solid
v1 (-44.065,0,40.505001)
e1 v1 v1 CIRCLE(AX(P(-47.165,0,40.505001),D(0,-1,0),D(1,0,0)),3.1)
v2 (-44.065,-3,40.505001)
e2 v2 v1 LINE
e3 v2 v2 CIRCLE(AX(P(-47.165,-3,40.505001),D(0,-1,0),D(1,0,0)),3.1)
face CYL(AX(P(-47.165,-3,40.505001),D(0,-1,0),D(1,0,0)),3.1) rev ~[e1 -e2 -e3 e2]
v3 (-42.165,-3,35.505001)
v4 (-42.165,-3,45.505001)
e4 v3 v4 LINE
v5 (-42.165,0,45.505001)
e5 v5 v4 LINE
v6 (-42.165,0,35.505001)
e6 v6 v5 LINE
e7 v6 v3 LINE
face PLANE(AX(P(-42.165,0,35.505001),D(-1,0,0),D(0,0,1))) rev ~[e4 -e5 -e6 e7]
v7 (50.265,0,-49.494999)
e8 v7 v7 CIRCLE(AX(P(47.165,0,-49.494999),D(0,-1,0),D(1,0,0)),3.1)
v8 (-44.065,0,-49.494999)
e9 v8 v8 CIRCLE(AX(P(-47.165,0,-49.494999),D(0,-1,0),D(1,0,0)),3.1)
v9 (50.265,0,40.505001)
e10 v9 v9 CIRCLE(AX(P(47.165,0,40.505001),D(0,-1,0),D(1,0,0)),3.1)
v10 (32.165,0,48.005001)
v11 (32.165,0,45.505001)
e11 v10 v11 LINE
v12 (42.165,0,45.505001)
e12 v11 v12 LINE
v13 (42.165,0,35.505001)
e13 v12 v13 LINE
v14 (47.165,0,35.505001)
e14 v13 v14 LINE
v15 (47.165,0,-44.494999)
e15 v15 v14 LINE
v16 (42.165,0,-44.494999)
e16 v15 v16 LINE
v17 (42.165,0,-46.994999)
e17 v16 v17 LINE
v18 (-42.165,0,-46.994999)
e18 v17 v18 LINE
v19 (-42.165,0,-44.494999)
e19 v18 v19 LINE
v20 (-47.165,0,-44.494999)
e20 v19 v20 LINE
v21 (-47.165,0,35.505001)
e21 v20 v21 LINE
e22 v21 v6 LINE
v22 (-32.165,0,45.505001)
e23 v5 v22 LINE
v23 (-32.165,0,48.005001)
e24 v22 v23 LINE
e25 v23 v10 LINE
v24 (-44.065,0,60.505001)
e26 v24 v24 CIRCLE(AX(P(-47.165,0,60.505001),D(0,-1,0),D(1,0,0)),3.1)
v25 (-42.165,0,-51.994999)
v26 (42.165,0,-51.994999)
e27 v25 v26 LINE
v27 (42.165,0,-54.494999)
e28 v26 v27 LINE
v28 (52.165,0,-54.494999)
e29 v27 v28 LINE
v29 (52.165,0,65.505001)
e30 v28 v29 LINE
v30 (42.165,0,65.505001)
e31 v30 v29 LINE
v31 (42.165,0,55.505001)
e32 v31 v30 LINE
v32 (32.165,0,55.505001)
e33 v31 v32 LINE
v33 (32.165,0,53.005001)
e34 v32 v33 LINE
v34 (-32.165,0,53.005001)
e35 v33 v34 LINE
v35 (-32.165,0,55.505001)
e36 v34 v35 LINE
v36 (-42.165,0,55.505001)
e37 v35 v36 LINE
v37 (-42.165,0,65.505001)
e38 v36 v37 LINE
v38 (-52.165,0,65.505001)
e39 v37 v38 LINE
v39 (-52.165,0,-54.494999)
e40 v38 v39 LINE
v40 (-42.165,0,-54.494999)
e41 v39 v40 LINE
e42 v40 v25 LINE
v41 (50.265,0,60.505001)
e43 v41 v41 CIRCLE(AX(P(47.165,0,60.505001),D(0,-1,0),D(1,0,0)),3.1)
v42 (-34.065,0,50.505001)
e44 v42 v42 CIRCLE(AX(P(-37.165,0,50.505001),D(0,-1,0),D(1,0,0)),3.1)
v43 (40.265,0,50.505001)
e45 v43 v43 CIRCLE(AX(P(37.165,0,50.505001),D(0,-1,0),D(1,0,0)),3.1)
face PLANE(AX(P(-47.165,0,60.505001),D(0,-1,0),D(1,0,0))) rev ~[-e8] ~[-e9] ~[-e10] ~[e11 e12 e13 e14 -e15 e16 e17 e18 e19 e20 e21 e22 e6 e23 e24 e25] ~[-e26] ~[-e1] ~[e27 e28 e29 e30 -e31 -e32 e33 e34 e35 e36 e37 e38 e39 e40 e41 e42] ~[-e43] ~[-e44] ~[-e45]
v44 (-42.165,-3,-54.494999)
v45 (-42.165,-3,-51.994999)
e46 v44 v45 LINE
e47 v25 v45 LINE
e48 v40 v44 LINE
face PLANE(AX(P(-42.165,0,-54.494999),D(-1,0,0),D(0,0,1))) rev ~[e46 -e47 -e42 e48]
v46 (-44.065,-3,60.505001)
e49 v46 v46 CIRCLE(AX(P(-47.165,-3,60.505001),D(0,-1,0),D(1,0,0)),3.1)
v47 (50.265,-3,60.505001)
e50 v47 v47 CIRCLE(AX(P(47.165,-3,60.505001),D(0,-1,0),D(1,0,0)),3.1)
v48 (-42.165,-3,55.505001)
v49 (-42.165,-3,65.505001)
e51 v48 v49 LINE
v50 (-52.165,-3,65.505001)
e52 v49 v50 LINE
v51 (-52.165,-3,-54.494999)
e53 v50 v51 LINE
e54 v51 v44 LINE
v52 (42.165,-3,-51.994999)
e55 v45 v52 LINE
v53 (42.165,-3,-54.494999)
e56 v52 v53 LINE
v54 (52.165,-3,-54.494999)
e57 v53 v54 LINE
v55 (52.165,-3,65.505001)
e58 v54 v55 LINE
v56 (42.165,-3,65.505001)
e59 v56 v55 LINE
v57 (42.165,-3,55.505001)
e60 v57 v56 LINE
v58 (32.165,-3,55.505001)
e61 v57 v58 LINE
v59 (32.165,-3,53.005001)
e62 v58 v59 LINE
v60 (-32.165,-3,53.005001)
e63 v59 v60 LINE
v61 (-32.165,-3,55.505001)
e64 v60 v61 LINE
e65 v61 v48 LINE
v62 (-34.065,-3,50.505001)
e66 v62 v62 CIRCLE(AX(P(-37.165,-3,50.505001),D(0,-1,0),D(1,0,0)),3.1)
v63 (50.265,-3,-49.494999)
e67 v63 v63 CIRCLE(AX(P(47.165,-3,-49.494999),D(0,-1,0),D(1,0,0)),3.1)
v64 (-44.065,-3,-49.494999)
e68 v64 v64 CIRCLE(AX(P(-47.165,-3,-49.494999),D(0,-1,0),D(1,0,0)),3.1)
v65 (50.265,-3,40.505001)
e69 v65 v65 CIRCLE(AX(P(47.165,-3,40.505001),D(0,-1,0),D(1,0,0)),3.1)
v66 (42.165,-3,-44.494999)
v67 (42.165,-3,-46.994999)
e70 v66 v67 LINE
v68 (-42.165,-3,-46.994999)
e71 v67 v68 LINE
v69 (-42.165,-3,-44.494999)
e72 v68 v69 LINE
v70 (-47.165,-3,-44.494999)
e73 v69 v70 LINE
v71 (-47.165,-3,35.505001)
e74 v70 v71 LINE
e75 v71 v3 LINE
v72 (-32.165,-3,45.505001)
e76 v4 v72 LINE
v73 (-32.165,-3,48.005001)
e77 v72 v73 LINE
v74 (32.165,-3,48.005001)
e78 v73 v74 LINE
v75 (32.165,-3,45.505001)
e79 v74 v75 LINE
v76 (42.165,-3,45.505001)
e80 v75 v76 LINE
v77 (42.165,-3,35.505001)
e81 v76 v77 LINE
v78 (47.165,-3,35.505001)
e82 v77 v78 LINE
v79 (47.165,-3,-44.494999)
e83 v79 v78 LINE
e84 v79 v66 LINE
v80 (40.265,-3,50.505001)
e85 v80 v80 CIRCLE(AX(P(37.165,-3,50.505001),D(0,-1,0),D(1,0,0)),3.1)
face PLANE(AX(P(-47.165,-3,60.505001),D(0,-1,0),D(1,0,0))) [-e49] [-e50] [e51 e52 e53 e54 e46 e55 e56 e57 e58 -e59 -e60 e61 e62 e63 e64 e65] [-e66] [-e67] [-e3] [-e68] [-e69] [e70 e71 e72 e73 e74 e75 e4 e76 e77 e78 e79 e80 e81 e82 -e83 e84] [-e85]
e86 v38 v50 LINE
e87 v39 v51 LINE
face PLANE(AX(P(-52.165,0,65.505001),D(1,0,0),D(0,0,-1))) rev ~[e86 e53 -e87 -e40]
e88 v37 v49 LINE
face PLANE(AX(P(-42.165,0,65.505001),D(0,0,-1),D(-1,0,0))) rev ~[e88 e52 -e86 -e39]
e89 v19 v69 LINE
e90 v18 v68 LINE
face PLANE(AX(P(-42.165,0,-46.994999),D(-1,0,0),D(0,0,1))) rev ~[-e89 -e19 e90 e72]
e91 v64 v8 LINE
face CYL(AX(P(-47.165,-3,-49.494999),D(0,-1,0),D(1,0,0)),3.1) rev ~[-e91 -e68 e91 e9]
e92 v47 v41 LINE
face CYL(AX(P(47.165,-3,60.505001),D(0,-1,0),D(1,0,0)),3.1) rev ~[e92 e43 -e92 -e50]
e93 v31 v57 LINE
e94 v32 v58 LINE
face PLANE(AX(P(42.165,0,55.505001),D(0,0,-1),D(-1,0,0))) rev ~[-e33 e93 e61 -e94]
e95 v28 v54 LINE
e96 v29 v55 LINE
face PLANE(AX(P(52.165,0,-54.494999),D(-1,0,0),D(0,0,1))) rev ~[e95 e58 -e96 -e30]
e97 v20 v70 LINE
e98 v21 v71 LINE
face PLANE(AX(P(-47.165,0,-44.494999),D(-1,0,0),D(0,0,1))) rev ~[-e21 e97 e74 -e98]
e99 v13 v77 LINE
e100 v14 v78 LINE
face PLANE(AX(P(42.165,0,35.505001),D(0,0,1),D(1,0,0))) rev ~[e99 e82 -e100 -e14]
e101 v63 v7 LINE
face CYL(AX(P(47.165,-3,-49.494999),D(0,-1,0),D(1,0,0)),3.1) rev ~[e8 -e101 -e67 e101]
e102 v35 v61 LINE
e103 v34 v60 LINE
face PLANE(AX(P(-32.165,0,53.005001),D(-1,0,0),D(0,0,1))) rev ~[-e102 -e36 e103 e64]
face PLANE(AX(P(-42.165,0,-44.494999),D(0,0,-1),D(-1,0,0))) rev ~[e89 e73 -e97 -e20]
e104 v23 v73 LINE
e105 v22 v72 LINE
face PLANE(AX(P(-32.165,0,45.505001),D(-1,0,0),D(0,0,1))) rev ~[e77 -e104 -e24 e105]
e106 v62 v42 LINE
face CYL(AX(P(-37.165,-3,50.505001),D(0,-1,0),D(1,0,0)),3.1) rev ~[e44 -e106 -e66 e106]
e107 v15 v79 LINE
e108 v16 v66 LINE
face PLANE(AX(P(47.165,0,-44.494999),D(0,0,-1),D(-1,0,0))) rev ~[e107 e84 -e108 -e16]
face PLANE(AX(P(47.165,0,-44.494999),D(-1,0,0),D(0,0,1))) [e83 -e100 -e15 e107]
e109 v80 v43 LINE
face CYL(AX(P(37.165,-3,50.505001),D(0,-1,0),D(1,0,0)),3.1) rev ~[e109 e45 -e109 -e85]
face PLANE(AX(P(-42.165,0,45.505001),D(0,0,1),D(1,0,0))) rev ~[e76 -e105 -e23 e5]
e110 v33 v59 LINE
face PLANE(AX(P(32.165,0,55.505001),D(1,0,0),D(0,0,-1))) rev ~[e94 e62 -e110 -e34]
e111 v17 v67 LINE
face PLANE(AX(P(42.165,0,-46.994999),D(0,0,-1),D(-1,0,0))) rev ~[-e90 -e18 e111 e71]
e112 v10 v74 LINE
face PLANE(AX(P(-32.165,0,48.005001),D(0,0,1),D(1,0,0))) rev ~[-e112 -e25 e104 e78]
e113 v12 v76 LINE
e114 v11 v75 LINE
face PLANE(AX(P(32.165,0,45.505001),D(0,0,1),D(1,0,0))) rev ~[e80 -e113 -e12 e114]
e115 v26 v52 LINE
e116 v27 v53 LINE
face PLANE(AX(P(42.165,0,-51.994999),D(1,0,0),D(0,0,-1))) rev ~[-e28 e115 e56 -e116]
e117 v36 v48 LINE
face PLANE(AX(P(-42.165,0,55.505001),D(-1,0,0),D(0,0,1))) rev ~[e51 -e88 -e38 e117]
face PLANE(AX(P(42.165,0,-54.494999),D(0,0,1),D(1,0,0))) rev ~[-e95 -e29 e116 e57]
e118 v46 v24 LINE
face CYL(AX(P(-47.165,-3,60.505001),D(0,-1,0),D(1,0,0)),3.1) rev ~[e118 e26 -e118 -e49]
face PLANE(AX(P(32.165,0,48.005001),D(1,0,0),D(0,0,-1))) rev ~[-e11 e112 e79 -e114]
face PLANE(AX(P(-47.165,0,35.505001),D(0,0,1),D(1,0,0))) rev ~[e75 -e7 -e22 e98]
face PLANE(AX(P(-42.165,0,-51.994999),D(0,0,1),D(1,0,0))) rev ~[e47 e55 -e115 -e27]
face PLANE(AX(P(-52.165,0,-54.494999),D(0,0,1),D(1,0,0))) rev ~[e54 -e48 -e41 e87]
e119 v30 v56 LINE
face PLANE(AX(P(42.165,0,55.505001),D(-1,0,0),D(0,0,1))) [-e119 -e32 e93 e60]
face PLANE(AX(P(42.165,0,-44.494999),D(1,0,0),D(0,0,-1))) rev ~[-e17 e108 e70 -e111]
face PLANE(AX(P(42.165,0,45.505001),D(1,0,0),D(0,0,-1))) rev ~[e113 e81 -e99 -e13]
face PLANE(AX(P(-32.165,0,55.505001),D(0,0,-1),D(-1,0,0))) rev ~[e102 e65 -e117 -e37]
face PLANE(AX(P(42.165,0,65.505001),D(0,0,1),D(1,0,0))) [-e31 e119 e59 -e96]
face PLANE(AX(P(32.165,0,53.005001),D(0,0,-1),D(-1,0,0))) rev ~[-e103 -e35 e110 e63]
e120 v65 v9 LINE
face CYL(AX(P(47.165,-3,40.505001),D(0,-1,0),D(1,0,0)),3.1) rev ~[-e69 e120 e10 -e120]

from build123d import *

# Parameters (mm, degrees)
F0_W     = 5
F0_H     = 10
F0_H_2   = 80
F0_W_2   = 32.165
F0_H_3   = 5
F0_W_3   = 42.165
F0_W_4   = 10
F1_DEPTH = 3
F2_R     = 3.1
F3_DEPTH = 3.001


with BuildPart() as f1:
    # F0 (on Front) → F1 (new body)
    with BuildSketch(Plane.XZ):
        Polygon((-52.165, 65.5050006509), (-52.165, 55.5050006509), (-47.165, 55.5050006509), (-42.165, 55.5050006509), (-42.165, 65.5050006509), align=None)
        with Locations((-49.665, 50.5050006509)):
            Rectangle(F0_W, F0_H)
        with Locations((-44.665, 50.5050006509)):
            Rectangle(F0_W, F0_H)
        Polygon((-47.165, 45.5050006509), (-52.165, 45.5050006509), (-52.165, 35.5050006509), (-47.165, 35.5050006509), (-42.165, 35.5050006509), (-42.165, 45.5050006509), align=None)
        Polygon((-32.165, 55.5050006509), (-42.165, 55.5050006509), (-42.165, 45.5050006509), (-32.165, 45.5050006509), (-32.165, 48.0050006509), (-32.165, 53.0050006509), align=None)
        with Locations((-49.665, -4.4949993491)):
            Rectangle(F0_W, F0_H_2)
        Polygon((-47.165, -44.4949993491), (-52.165, -44.4949993491), (-52.165, -54.4949993491), (-42.165, -54.4949993491), (-42.165, -51.9949993491), (-42.165, -46.9949993491), (-42.165, -44.4949993491), align=None)
        with Locations((-16.0825, 50.5050006509)):
            Rectangle(F0_W_2, F0_H_3)
        with Locations((16.0825, 50.5050006509)):
            Rectangle(F0_W_2, F0_H_3)
        Polygon((32.165, 55.5050006509), (32.165, 53.0050006509), (32.165, 48.0050006509), (32.165, 45.5050006509), (42.165, 45.5050006509), (42.165, 55.5050006509), align=None)
        with Locations((-21.0825, -49.4949993491)):
            Rectangle(F0_W_3, F0_H_3)
        with Locations((21.0825, -49.4949993491)):
            Rectangle(F0_W_3, F0_H_3)
        with Locations((47.165, 50.5050006509)):
            Rectangle(F0_W_4, F0_H)
        with Locations((47.165, 60.5050006509)):
            Rectangle(F0_W_4, F0_H)
        Polygon((42.165, -44.4949993491), (42.165, -46.9949993491), (42.165, -51.9949993491), (42.165, -54.4949993491), (52.165, -54.4949993491), (52.165, -44.4949993491), (47.165, -44.4949993491), align=None)
        Polygon((52.165, 45.5050006509), (42.165, 45.5050006509), (42.165, 35.5050006509), (47.165, 35.5050006509), (52.165, 35.5050006509), align=None)
        with Locations((49.665, -4.4949993491)):
            Rectangle(F0_W, F0_H_2)
    extrude(amount=F1_DEPTH)

    # F2 (on face) → F3 (cut, through all)
    with BuildSketch(Plane.XZ.offset(3)):
        with Locations((-47.165, 60.5050006509)):
            Circle(F2_R)
        with Locations((-47.165, 40.5050006509)):
            Circle(F2_R)
        with Locations((-47.165, -49.4949993491)):
            Circle(F2_R)
        with Locations((-37.165, 50.5050006509)):
            Circle(F2_R)
        with Locations((47.165, 60.5050006509)):
            Circle(F2_R)
        with Locations((37.165, 50.5050006509)):
            Circle(F2_R)
        with Locations((47.165, 40.5050006509)):
            Circle(F2_R)
        with Locations((47.165, -49.4949993491)):
            Circle(F2_R)
    extrude(amount=-F3_DEPTH, mode=Mode.SUBTRACT)


solid = f1.part
